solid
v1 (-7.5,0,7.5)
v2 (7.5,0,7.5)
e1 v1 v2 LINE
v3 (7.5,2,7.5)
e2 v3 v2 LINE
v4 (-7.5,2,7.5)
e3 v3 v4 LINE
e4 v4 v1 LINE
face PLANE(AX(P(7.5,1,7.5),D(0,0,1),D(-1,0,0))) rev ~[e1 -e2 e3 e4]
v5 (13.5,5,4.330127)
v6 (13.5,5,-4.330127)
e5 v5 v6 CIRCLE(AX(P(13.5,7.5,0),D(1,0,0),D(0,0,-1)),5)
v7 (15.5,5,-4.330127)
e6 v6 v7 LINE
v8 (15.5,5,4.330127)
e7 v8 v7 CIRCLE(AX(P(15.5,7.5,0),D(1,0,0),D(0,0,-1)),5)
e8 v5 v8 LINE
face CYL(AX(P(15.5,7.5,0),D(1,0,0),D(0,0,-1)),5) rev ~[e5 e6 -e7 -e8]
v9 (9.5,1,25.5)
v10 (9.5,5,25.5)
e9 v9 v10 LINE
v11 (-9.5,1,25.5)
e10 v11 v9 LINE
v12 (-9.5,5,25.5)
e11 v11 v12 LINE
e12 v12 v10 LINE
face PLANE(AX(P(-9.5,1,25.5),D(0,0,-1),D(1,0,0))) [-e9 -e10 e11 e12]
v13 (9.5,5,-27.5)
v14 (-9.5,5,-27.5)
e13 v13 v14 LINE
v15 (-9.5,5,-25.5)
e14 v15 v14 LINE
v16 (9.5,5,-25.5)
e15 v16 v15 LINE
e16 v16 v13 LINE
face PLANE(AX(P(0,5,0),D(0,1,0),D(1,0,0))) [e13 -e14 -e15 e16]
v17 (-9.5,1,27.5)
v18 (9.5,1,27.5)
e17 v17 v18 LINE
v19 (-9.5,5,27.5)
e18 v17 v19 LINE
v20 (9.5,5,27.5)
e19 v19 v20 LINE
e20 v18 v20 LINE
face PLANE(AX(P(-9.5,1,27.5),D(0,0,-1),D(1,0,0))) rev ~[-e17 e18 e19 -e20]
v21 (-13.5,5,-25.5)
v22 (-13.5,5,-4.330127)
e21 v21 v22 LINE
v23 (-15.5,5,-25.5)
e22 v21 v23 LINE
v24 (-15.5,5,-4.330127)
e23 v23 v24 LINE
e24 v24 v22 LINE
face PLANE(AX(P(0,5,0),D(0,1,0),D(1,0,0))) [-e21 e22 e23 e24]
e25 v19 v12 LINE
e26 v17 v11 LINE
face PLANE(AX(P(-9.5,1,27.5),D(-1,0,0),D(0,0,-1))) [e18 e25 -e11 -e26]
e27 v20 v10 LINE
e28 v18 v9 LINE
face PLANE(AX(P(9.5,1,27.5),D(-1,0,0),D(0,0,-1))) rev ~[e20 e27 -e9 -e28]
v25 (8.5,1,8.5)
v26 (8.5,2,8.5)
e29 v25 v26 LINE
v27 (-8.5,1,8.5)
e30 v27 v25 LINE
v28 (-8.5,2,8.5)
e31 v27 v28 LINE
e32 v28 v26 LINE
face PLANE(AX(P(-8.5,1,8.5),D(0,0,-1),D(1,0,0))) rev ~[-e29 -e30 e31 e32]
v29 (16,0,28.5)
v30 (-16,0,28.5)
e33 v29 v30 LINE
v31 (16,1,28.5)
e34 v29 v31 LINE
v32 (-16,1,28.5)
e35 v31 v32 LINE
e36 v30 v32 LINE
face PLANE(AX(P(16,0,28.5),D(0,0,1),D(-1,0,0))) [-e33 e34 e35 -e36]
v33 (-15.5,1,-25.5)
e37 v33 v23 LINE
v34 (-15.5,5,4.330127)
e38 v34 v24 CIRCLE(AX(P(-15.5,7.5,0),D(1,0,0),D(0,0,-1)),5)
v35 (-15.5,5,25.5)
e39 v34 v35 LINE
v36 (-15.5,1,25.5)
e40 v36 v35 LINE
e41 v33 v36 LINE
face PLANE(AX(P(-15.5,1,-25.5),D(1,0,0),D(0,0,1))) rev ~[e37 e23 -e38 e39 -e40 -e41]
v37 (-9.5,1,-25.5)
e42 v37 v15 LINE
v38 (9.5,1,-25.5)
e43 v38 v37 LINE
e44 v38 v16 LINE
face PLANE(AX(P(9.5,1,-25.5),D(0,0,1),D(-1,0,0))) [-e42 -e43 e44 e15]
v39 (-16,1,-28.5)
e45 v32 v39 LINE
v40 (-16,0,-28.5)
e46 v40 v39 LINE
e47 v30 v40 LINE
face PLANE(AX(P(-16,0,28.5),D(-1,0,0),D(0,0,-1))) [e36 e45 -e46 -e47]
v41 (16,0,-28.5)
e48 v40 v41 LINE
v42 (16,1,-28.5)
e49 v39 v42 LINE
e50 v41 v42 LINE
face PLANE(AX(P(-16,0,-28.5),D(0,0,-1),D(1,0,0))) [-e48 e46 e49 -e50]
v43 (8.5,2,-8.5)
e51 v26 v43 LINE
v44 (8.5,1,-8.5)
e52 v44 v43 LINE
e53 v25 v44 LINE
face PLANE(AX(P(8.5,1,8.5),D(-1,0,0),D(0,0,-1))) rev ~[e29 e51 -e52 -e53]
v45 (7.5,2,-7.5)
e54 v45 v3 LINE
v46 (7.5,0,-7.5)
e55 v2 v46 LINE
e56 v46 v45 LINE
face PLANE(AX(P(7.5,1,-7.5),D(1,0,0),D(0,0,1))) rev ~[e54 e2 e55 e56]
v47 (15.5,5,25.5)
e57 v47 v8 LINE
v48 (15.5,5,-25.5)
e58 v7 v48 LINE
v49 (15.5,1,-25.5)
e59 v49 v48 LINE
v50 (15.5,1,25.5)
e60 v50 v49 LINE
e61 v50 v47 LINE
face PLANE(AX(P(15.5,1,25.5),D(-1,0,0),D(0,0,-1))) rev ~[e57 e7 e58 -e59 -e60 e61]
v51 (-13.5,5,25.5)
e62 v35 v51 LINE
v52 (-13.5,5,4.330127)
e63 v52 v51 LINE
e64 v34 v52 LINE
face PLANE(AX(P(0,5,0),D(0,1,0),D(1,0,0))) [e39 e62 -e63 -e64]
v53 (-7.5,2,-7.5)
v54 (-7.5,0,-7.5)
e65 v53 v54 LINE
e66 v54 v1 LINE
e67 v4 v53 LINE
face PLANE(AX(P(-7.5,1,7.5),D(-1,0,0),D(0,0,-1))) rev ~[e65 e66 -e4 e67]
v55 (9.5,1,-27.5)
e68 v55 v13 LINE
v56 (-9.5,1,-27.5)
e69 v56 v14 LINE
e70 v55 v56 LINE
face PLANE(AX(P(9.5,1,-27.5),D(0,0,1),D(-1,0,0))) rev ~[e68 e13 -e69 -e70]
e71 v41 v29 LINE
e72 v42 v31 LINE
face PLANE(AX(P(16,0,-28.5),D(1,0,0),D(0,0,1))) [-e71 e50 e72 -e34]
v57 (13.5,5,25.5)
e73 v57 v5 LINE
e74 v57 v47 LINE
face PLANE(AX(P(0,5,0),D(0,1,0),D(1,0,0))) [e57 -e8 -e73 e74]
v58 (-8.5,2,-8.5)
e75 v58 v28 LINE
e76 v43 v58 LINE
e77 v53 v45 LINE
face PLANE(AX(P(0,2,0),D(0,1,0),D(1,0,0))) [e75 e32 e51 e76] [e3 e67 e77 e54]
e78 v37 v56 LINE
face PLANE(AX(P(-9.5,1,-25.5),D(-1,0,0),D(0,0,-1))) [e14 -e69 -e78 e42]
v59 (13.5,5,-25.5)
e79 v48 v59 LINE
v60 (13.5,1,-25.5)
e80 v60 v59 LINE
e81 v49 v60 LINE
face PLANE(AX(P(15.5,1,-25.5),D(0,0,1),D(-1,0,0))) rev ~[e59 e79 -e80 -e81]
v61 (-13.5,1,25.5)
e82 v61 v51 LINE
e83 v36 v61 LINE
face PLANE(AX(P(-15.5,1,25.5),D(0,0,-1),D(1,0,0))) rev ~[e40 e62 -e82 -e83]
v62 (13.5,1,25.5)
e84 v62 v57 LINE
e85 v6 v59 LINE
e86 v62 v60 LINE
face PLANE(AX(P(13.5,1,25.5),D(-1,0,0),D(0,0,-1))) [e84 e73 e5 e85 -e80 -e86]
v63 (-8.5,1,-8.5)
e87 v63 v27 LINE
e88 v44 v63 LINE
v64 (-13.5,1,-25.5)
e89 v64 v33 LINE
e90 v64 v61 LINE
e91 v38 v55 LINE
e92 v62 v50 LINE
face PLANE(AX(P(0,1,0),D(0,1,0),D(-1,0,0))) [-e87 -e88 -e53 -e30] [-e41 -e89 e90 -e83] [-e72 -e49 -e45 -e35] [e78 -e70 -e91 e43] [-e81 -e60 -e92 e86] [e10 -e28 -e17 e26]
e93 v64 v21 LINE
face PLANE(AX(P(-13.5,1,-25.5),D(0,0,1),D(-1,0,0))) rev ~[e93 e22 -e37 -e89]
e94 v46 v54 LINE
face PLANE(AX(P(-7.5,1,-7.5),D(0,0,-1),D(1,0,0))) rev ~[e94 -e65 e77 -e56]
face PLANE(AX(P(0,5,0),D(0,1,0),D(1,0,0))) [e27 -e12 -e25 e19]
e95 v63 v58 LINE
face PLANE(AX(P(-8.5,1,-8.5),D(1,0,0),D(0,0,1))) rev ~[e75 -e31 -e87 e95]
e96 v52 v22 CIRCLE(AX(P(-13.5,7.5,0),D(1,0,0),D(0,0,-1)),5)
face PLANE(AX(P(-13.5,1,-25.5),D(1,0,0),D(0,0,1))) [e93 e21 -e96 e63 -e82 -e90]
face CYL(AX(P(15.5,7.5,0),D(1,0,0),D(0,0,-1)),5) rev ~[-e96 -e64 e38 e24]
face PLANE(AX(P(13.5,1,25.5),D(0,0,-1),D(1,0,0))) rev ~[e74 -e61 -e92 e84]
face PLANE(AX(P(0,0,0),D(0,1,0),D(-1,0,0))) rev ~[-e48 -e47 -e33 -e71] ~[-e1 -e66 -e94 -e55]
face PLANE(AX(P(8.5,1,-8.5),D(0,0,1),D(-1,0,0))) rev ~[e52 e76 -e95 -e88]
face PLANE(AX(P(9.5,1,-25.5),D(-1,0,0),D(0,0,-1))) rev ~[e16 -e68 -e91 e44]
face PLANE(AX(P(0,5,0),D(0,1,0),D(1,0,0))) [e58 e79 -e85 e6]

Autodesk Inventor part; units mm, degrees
ref_plane "YZ Plane" through (0, 0, 0) normal (1, 0, 0) x (0, 1, 0)
ref_plane "XZ Plane" through (0, 0, 0) normal (0, 1, 0) x (-1, 0, 0)
ref_plane "XY Plane" through (0, 0, 0) normal (0, 0, 1) x (1, 0, 0)
sketch "Sketch1" plane through (0, 0, 0) normal (0, 1, 0) x (-1, 0, 0)
  line L0 (16, -28.5) -> (-16, -28.5)
  line L1 (-16, -28.5) -> (-16, 28.5)
  line L2 (-16, 28.5) -> (16, 28.5)
  line L3 (16, 28.5) -> (16, -28.5)
  line L4 (16, -28.5) -> (-16, 28.5) construction
  line L5 (-16, -28.5) -> (16, 28.5) construction
  point P0 (0, 0)
  dimension "d0" = 32
  dimension "d1" = 57
extrude "Extrusion1" add sketch "Sketch1" along normal blind 1
sketch "Sketch2" plane through (0, 1, 0) normal (0, 1, 0) x (1, 0, 0)
  line L0 (-9.5, -27.5) -> (9.5, -27.5)
  line L1 (15.5, -25.5) -> (15.5, 25.5)
  line L2 (9.5, 27.5) -> (-9.5, 27.5)
  line L3 (-15.5, 25.5) -> (-15.5, -25.5)
  line L4 (-15.5, -27.5) -> (15.5, 27.5) construction
  line L5 (15.5, -27.5) -> (-15.5, 27.5) construction
  line L6 (13.5, -25.5) -> (13.5, 25.5)
  line L7 (-13.5, 25.5) -> (-13.5, -25.5)
  line L8 (-16, -28.5) -> (16, -28.5) projected
  line L9 (-9.5, -28.4306) -> (-9.5, -25.5)
  line L10 (9.5, 25.5) -> (9.5, 27.5)
  line L11 (-9.5, -16.8548) -> (-9.5, 16.8548)
  line L12 (-9.5, 25.5) -> (-9.5, 28.5928)
  line L13 (9.5, -28.5) -> (9.5, -25.5)
  line L14 (9.5, -16.8548) -> (9.5, 16.8548)
  line L15 (13.5, -25.5) -> (15.5, -25.5)
  line L16 (15.5, 25.5) -> (13.5, 25.5)
  line L17 (9.5, 25.5) -> (-9.5, 25.5)
  line L18 (-13.5, 25.5) -> (-15.5, 25.5)
  line L19 (-15.5, -25.5) -> (-13.5, -25.5)
  line L20 (-9.5, -25.5) -> (9.5, -25.5)
  point P0 (0, 0)
  dimension "d4" = 31
  dimension "d5" = 55
  dimension "d6" = 2
extrude "Extrusion2" add sketch "Sketch2" along normal blind 4
sketch "Sketch3" plane through (15.5, 1, 25.5) normal (1, 0, 0) x (0, 0, -1)
  circle A0 centre (25.5, 6.5) radius 5
  line L0 (-3, 0) -> (54, 0) projected
  point P0 (25.5, -1)
  dimension "d11" = 10
  dimension "d12" = 6.5
extrude "Extrusion3" cut sketch "Sketch3" against normal through all
sketch "Sketch4" plane through (0, 0, 0) normal (0, -1, 0) x (1, 0, 0)
  line L0 (7.5, -7.5) -> (-7.5, -7.5)
  line L1 (-7.5, -7.5) -> (-7.5, 7.5)
  line L2 (-7.5, 7.5) -> (7.5, 7.5)
  line L3 (7.5, 7.5) -> (7.5, -7.5)
  line L4 (7.5, -7.5) -> (-7.5, 7.5) construction
  line L5 (-7.5, -7.5) -> (7.5, 7.5) construction
  point P0 (0, 0)
  dimension "d15" = 15
  dimension "d16" = 15
extrude "Extrusion4" cut sketch "Sketch4" against normal through all
sketch "Sketch5" plane through (0, 1, 0) normal (0, 1, 0) x (1, 0, 0)
  line L0 (7.5, 7.5) -> (7.5, -7.5) projected
  line L1 (7.5, -7.5) -> (-7.5, -7.5) projected
  line L2 (-7.5, -7.5) -> (-7.5, 7.5) projected
  line L3 (-7.5, 7.5) -> (7.5, 7.5) projected
  line L4 (-13.5, -25.5) -> (-15.5, -25.5) projected
  line L5 (-15.5, -25.5) -> (-15.5, 25.5) projected
  line L6 (-15.5, 25.5) -> (-13.5, 25.5) projected
  line L7 (-13.5, 25.5) -> (-13.5, -25.5) projected
  line L8 (9.5, -27.5) -> (-9.5, -27.5) projected
  line L9 (-9.5, -27.5) -> (-9.5, -25.5) projected
  line L10 (-9.5, -25.5) -> (9.5, -25.5) projected
  line L11 (9.5, -25.5) -> (9.5, -27.5) projected
  line L12 (9.5, 27.5) -> (9.5, 25.5) projected
  line L13 (9.5, 25.5) -> (-9.5, 25.5) projected
  line L14 (-9.5, 25.5) -> (-9.5, 27.5) projected
  line L15 (-9.5, 27.5) -> (9.5, 27.5) projected
  line L16 (13.5, 25.5) -> (15.5, 25.5) projected
  line L17 (15.5, 25.5) -> (15.5, -25.5) projected
  line L18 (15.5, -25.5) -> (13.5, -25.5) projected
  line L19 (13.5, -25.5) -> (13.5, 25.5) projected
  line L20 (16, 28.5) -> (-16, 28.5) projected
  line L21 (-16, 28.5) -> (-16, -28.5) projected
  line L22 (-16, -28.5) -> (16, -28.5) projected
  line L23 (16, -28.5) -> (16, 28.5) projected
  line L24 (-8.5, -8.5) -> (8.5, -8.5)
  line L25 (8.5, -8.5) -> (8.5, 8.5)
  line L26 (8.5, 8.5) -> (-8.5, 8.5)
  line L27 (-8.5, 8.5) -> (-8.5, -8.5)
  point P0 (0, 0)
  dimension "d19" = 1
extrude "Extrusion5" add sketch "Sketch5" along normal blind 1 contours L27 L26 L25 L24
properties part number "hull_cover"
